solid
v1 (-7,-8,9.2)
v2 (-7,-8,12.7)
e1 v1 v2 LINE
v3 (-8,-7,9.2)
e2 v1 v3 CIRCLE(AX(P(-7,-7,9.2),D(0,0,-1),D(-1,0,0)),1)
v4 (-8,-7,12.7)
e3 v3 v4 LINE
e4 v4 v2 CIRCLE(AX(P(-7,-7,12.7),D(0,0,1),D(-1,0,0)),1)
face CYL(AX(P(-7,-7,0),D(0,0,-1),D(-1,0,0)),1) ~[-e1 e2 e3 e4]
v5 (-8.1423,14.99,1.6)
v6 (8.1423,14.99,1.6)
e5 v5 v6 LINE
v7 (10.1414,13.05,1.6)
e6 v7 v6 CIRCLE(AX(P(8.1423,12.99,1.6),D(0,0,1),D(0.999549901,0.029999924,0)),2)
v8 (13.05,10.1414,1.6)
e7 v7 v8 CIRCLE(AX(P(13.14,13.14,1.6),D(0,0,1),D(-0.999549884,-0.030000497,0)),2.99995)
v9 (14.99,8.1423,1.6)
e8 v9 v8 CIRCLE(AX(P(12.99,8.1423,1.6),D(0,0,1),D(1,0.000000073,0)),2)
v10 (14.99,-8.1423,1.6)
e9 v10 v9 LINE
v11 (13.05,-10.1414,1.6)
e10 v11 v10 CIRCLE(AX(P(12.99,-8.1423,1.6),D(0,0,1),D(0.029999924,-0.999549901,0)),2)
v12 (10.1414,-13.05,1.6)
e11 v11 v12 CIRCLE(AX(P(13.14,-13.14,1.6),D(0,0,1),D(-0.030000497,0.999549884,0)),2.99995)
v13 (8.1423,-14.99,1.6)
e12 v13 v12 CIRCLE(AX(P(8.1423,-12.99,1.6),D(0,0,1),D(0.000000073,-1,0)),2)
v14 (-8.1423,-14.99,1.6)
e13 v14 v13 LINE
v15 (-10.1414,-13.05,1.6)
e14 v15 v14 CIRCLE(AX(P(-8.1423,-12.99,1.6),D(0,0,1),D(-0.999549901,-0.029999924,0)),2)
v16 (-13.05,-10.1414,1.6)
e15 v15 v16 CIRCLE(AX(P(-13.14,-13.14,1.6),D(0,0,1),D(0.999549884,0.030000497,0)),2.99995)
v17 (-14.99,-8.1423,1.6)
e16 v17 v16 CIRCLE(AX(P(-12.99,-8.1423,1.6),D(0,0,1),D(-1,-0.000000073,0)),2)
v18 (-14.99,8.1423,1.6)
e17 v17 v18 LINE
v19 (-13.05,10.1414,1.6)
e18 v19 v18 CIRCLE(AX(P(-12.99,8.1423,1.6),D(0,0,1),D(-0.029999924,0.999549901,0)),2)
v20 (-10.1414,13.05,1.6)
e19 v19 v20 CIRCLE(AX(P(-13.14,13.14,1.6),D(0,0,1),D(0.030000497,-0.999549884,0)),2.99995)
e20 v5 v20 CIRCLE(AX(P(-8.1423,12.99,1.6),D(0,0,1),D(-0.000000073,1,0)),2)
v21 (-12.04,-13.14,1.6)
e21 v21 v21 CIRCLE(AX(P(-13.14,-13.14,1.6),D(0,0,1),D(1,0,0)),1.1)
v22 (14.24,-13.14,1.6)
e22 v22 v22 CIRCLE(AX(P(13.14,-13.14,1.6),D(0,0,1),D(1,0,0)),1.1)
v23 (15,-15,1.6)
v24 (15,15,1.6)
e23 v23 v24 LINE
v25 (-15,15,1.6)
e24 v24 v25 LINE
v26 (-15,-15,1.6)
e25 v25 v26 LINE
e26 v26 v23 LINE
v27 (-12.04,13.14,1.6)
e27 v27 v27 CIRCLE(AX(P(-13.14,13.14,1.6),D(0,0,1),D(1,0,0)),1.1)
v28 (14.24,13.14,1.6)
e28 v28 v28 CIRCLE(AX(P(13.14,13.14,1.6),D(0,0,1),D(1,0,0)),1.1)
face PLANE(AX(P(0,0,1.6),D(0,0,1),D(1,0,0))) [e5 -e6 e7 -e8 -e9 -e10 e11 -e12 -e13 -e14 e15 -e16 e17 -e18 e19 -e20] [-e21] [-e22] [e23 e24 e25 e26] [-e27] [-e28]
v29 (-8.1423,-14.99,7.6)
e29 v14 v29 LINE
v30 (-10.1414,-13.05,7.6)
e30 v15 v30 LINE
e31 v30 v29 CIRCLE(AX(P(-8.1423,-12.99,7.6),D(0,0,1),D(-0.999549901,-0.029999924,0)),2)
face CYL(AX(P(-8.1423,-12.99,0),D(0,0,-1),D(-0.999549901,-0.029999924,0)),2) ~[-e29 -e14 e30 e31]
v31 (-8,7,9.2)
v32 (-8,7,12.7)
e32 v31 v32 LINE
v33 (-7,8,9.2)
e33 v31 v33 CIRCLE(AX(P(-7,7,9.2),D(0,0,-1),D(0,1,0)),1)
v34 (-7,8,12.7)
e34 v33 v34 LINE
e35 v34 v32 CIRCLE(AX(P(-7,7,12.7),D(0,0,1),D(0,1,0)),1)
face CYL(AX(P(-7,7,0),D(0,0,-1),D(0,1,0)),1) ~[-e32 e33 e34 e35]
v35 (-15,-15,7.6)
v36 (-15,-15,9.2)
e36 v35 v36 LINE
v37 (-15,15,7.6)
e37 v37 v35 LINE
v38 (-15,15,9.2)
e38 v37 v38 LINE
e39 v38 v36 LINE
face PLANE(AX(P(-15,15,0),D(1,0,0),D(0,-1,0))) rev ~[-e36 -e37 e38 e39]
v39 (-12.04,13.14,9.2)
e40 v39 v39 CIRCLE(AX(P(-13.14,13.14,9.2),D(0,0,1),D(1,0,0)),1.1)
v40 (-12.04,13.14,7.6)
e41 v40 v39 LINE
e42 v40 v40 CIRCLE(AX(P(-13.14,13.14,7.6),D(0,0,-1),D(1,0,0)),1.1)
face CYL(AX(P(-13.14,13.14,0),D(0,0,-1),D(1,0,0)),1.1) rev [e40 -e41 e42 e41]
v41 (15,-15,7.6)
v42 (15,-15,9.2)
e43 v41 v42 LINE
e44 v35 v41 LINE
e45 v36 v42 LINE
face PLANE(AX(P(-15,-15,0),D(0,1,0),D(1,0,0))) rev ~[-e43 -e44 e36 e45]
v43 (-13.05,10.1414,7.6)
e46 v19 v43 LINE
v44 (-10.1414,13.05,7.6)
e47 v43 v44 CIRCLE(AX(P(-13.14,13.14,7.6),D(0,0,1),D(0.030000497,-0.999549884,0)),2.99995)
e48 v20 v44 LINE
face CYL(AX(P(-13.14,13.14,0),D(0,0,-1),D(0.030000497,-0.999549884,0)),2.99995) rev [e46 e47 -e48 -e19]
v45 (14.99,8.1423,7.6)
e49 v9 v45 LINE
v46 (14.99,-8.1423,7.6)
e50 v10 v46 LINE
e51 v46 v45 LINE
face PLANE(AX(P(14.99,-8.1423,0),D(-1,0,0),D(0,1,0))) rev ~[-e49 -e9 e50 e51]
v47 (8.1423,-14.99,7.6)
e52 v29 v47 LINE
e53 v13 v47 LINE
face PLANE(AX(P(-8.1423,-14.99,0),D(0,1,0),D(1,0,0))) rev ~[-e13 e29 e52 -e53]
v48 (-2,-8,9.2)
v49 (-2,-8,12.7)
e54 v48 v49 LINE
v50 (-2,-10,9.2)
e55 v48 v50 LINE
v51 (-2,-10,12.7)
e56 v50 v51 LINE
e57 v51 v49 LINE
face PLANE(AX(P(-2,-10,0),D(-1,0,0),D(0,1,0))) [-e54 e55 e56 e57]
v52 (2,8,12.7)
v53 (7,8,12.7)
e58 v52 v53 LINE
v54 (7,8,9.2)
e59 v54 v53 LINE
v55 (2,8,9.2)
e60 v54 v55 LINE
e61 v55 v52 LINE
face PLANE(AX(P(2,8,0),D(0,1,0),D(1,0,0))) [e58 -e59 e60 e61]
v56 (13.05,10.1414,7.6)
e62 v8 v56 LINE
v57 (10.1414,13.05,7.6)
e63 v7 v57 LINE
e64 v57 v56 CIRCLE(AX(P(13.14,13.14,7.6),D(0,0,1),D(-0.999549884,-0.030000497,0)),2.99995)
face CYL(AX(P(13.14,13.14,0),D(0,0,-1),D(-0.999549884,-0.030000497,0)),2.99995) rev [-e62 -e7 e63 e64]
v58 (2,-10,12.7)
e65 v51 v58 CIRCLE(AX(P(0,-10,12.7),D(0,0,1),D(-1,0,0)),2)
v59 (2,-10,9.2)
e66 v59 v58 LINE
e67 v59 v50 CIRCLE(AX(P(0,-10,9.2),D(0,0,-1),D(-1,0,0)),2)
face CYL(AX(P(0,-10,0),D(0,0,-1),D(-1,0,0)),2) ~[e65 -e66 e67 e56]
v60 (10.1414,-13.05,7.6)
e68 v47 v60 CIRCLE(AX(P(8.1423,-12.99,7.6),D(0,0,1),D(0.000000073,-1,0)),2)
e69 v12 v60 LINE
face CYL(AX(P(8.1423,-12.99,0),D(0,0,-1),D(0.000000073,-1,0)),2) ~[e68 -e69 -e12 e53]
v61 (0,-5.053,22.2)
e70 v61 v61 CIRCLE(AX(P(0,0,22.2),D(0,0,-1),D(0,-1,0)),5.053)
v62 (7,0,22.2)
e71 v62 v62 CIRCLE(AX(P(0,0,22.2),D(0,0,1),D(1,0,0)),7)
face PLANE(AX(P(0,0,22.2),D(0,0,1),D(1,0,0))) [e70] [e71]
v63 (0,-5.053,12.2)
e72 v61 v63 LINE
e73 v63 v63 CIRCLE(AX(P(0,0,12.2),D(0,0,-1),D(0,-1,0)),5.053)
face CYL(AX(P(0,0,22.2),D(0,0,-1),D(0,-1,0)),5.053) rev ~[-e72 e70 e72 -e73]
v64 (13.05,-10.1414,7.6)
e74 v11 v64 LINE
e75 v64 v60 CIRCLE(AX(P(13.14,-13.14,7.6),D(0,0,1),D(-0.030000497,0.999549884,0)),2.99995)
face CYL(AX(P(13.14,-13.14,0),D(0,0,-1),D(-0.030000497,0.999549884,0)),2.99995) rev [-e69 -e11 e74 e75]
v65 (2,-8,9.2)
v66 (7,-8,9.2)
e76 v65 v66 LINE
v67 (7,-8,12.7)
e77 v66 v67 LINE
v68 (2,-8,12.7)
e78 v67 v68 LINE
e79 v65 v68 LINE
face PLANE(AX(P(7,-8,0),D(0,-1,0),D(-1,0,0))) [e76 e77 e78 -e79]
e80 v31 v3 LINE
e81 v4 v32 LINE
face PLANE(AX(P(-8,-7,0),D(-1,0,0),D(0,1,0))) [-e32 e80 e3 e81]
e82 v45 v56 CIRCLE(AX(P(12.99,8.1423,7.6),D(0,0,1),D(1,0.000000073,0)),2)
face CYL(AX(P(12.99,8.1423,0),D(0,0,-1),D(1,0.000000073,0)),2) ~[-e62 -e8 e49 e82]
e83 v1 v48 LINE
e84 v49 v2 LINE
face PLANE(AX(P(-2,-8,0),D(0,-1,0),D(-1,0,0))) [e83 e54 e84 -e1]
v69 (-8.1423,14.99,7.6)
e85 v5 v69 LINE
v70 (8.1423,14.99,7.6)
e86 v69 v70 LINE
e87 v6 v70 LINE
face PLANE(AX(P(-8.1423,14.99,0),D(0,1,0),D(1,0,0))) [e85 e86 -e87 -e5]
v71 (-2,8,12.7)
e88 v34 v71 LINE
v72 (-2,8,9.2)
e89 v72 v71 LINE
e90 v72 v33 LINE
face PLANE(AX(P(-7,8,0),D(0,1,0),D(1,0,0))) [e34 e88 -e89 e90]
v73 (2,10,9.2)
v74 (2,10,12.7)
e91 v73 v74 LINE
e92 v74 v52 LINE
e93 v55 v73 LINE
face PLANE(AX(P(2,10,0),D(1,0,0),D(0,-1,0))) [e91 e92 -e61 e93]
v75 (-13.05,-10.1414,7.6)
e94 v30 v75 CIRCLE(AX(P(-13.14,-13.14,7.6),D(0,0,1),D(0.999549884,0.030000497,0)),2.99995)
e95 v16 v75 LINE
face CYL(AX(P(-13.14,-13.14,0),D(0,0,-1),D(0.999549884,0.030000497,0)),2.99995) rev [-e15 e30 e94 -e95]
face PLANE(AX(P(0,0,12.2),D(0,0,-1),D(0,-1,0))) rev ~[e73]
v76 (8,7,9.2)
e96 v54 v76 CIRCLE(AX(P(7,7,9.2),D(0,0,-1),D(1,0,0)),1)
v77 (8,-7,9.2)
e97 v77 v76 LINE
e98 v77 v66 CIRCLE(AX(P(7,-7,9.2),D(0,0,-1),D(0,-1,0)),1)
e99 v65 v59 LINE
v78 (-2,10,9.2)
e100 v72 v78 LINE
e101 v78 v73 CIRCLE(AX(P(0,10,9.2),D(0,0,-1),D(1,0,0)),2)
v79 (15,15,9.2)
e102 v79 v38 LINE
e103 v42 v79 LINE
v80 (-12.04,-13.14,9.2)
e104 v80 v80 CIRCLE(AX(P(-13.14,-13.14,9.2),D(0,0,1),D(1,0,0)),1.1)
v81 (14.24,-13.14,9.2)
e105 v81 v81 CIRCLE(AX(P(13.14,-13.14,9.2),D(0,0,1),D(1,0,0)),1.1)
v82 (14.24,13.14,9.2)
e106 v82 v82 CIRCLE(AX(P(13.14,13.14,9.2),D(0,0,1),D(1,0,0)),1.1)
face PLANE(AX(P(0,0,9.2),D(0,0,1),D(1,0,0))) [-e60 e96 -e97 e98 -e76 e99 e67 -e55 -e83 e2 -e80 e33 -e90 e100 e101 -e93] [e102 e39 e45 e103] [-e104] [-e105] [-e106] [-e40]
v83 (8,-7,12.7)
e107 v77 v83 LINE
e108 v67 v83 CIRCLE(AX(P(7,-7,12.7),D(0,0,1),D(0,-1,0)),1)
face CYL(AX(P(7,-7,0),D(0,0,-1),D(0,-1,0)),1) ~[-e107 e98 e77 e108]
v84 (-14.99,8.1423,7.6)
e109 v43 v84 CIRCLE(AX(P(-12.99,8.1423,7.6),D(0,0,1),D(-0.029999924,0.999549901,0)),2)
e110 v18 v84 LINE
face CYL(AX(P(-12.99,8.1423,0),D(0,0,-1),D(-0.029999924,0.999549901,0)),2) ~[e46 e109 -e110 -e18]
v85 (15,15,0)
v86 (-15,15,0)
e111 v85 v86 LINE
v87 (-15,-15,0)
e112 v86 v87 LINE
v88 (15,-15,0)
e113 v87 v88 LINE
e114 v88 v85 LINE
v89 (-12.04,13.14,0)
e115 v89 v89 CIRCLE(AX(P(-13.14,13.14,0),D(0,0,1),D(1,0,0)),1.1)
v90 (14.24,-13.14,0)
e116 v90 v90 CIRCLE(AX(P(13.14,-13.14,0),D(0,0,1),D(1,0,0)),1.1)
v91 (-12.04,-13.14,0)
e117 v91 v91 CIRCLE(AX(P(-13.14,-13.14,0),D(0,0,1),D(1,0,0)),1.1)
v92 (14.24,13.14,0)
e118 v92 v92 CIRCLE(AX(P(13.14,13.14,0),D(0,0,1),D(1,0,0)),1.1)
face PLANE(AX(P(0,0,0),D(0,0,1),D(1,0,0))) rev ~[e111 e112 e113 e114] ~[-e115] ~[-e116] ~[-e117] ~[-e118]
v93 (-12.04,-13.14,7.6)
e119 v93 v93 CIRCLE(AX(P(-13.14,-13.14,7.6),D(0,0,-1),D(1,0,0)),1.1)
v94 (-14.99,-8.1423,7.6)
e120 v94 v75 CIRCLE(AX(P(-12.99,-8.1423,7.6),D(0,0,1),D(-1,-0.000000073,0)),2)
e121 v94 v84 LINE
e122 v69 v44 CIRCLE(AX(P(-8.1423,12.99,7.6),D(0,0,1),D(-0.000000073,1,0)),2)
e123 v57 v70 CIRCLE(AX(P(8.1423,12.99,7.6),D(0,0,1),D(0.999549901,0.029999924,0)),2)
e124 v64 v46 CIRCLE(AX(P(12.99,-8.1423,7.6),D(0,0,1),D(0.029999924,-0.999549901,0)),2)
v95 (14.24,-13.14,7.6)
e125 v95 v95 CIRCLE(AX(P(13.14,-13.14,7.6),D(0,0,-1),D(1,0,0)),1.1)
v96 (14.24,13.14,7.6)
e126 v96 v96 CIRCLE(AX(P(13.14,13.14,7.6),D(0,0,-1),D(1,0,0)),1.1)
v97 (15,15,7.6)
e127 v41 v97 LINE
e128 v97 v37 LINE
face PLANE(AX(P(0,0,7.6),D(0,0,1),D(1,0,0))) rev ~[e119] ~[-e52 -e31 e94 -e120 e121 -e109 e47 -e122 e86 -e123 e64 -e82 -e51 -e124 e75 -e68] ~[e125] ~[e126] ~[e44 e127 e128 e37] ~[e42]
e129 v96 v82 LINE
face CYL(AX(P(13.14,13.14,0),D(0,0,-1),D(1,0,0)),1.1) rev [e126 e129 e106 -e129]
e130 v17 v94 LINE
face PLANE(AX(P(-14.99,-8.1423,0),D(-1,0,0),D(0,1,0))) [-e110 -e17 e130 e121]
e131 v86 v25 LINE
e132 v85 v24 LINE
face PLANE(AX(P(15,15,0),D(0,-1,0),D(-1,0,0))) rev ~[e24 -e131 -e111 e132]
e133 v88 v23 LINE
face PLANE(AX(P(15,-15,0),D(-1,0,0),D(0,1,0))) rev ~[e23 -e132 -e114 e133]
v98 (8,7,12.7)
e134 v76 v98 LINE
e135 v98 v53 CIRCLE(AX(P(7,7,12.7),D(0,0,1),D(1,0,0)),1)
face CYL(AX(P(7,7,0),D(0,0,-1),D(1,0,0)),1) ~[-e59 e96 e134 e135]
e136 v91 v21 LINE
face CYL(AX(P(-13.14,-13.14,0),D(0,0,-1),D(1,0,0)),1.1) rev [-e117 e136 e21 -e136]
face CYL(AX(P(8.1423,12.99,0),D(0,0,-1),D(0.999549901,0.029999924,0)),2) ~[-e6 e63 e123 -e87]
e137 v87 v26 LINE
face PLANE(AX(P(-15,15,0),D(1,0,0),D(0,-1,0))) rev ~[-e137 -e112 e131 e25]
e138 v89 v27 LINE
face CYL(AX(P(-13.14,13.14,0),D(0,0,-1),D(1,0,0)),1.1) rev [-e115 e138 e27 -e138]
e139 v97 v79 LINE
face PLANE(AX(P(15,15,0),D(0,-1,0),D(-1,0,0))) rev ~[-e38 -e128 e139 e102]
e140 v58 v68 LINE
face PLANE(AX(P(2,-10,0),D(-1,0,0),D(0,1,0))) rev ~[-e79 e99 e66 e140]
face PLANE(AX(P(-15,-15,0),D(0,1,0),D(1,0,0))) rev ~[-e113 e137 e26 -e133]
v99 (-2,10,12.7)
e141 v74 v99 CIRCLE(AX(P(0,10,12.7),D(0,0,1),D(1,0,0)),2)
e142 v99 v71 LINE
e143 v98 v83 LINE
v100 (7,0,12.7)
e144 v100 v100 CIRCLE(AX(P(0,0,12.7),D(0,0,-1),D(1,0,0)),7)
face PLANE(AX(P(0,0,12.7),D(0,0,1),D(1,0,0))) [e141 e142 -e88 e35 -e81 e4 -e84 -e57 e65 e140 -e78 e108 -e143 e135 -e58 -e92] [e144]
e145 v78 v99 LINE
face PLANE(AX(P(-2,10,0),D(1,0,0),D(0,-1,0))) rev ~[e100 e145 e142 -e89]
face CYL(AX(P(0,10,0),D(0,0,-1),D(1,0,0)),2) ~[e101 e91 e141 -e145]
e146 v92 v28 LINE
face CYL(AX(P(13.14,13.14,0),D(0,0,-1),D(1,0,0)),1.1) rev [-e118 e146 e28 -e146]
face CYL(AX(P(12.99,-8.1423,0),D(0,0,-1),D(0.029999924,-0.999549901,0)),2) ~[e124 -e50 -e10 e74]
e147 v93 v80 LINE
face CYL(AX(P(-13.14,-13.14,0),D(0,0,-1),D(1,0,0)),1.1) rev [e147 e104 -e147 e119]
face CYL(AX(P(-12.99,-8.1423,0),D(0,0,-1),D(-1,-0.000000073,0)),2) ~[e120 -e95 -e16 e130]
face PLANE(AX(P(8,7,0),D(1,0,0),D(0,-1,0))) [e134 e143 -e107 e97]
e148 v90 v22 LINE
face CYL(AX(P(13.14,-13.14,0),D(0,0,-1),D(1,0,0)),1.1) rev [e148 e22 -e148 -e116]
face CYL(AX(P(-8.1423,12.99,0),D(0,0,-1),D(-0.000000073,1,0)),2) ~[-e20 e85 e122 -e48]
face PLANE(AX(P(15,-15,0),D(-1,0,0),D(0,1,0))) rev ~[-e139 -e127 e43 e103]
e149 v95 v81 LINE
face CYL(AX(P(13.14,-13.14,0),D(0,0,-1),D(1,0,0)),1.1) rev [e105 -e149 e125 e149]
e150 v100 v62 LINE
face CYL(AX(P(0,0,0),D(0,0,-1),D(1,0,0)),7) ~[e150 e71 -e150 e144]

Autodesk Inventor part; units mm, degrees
ref_plane "YZ Plane" through (0, 0, 0) normal (1, 0, 0) x (0, 1, 0)
ref_plane "XZ Plane" through (0, 0, 0) normal (0, 1, 0) x (-1, 0, 0)
sketch "スケッチ1" plane through (0, 0, 0) normal (0, 0, 1) x (1, 0, 0)
  line L0 (-15, -15) -> (15, -15)
  line L1 (15, -15) -> (15, 15)
  line L2 (15, 15) -> (-15, 15)
  line L3 (-15, 15) -> (-15, -15)
  line L4 (-15, -15) -> (15, 15) construction
  line L5 (15, -15) -> (-15, 15) construction
  line L6 (-15, 0) -> (15, 0) construction
  line L7 (0, 15) -> (0, -15) construction
  line L8 (-13.14, 13.14) -> (13.14, 13.14) construction
  line L9 (13.14, 13.14) -> (13.14, -13.14) construction
  line L10 (13.14, -13.14) -> (-13.14, -13.14) construction
  line L11 (-13.14, -13.14) -> (-13.14, 13.14) construction
  line L12 (-13.14, 13.14) -> (13.14, -13.14) construction
  line L13 (13.14, 13.14) -> (-13.14, -13.14) construction
  circle A0 centre (0, 0) radius 7
  line L14 (-7, 8) -> (7, 8)
  line L15 (8, 7) -> (8, -7)
  line L16 (7, -8) -> (-7, -8)
  line L17 (-8, -7) -> (-8, 7)
  line L18 (-8, 8) -> (8, -8) construction
  line L19 (8, 8) -> (-8, -8) construction
  arc A1 (-8, -7) -> (-7, -8) centre (-7, -7) ccw
  arc A2 (7, -8) -> (8, -7) centre (7, -7) ccw
  arc A3 (8, 7) -> (7, 8) centre (7, 7) ccw
  arc A4 (-7, 8) -> (-8, 7) centre (-7, 7) ccw
  arc A5 (-2, -10) -> (2, -10) centre (0, -10) ccw
  line L20 (-2, -10) -> (-2, -8)
  line L21 (2, -10) -> (2, -8)
  arc A6 (2, 10) -> (-2, 10) centre (0, 10) ccw
  line L22 (-2, 10) -> (-2, 8)
  line L23 (2, 10) -> (2, 8)
  circle A7 centre (-13.14, -13.14) radius 1.1
  circle A8 centre (13.14, -13.14) radius 1.1
  circle A9 centre (-13.14, 13.14) radius 1.1
  circle A10 centre (13.14, 13.14) radius 1.1
  circle A11 centre (-13.14, -13.14) radius 2 construction
  circle A12 centre (13.14, -13.14) radius 2 construction
  circle A13 centre (-13.14, 13.14) radius 2 construction
  circle A14 centre (13.14, 13.14) radius 2 construction
  arc A15 (-10.1414, -13.05) -> (-13.05, -10.1414) centre (-13.14, -13.14) ccw
  line L24 (-14.99, -8.1423) -> (-14.99, 8.1423)
  line L25 (-8.1423, -14.99) -> (8.1423, -14.99)
  arc A16 (-14.99, -8.1423) -> (-13.05, -10.1414) centre (-12.99, -8.1423) ccw
  arc A17 (-10.1414, -13.05) -> (-8.1423, -14.99) centre (-8.1423, -12.99) ccw
  arc A18 (-13.05, 10.1414) -> (-10.1414, 13.05) centre (-13.14, 13.14) ccw
  line L26 (-8.1423, 14.99) -> (8.1423, 14.99)
  arc A19 (-13.05, 10.1414) -> (-14.99, 8.1423) centre (-12.99, 8.1423) ccw
  arc A20 (-8.1423, 14.99) -> (-10.1414, 13.05) centre (-8.1423, 12.99) ccw
  arc A21 (13.05, -10.1414) -> (10.1414, -13.05) centre (13.14, -13.14) ccw
  line L27 (14.99, -8.1423) -> (14.99, 8.1423)
  arc A22 (13.05, -10.1414) -> (14.99, -8.1423) centre (12.99, -8.1423) ccw
  arc A23 (8.1423, -14.99) -> (10.1414, -13.05) centre (8.1423, -12.99) ccw
  arc A24 (14.99, 8.1423) -> (13.05, 10.1414) centre (12.99, 8.1423) ccw
  arc A25 (10.1414, 13.05) -> (13.05, 10.1414) centre (13.14, 13.14) ccw
  arc A26 (10.1414, 13.05) -> (8.1423, 14.99) centre (8.1423, 12.99) ccw
  point P0 (-10.7783, -14.99)
  point P1 (-14.99, -10.7783)
  point P2 (-8, -2.8723)
  point P3 (-8, 2.8723)
  point P4 (-2.8723, 8)
  point P5 (-2, 8.2614)
  point P6 (2, 8.2614)
  point P7 (2.8723, 8)
  point P8 (8, 2.8723)
  point P9 (8, -2.8723)
  point P10 (2.8723, -8)
  point P11 (2, -8.2614)
  point P12 (-2, -8.2614)
  point P13 (-2.8723, -8)
  point P14 (8.1423, 14.99)
  point P15 (14.99, 8.1423)
  dimension "d0" = 30
  dimension "d1" = 30
  dimension "d2" = 26.28
  dimension "d3" = 26.28
  dimension "d4" = 14
  dimension "d5" = 16
  dimension "d6" = 16
  dimension "d7" = 1
  dimension "d8" = 20
  dimension "d9" = 2
  dimension "d10" = 2.2
  dimension "d11" = 4
  dimension "d12" = 2
  dimension "d13" = 3
  dimension "d14" = 0.01
  dimension "d15" = 0.01
extrude "押し出し1" add sketch "スケッチ1" along normal blind 9.2 contours L3 L2 L1 L0 | A0 | L14 A3 L15 A2 L16 A1 L17 A4 | L22 A6 L23 L14 | L16 L21 A5 L20 | A15 A16 L24 A19 A18 A20 L26 A26 A25 A24 L27 A22 A21 A23 L25 A17
extrude "押し出し2" cut sketch "スケッチ1" along normal blind 7.6 contours L3 L2 L1 L0 | A7 | A8 | A9 | A10
extrude "押し出し3" add sketch "スケッチ1" along normal blind 1.6 contours L3 L2 L1 L0
extrude "押し出し4" add sketch "スケッチ1" along normal blind 12.7 contours A0 | L14 A3 L15 A2 L16 A1 L17 A4 | L22 A6 L23 L14 | L16 L21 A5 L20
extrude "押し出し5" add sketch "スケッチ1" along normal blind 22.2 contours A0
sketch "Sketch3" plane through (0, 0, 22.2) normal (0, 0, 1) x (1, 0, 0)
  point P0 (0, 0)
  point P1 (0, 0)
hole "Hole1" at (0, 0, 22.2) direction (0, 0, -1) diameter 10.106 depth 10 thread size "M12x1.75" class "6H" standard "ANSI Metric M Profile"
ref_plane "Work Plane1" through (0, 0, 9.2) normal (0, 0, 1) x (1, 0, 0)
equation "\"d1\" = d0"
equation "\"d3\" = d2"
equation "\"d6\" = d5"
equation "\"d15\" = d14"
properties part number "e-CAM50_CUONX"
